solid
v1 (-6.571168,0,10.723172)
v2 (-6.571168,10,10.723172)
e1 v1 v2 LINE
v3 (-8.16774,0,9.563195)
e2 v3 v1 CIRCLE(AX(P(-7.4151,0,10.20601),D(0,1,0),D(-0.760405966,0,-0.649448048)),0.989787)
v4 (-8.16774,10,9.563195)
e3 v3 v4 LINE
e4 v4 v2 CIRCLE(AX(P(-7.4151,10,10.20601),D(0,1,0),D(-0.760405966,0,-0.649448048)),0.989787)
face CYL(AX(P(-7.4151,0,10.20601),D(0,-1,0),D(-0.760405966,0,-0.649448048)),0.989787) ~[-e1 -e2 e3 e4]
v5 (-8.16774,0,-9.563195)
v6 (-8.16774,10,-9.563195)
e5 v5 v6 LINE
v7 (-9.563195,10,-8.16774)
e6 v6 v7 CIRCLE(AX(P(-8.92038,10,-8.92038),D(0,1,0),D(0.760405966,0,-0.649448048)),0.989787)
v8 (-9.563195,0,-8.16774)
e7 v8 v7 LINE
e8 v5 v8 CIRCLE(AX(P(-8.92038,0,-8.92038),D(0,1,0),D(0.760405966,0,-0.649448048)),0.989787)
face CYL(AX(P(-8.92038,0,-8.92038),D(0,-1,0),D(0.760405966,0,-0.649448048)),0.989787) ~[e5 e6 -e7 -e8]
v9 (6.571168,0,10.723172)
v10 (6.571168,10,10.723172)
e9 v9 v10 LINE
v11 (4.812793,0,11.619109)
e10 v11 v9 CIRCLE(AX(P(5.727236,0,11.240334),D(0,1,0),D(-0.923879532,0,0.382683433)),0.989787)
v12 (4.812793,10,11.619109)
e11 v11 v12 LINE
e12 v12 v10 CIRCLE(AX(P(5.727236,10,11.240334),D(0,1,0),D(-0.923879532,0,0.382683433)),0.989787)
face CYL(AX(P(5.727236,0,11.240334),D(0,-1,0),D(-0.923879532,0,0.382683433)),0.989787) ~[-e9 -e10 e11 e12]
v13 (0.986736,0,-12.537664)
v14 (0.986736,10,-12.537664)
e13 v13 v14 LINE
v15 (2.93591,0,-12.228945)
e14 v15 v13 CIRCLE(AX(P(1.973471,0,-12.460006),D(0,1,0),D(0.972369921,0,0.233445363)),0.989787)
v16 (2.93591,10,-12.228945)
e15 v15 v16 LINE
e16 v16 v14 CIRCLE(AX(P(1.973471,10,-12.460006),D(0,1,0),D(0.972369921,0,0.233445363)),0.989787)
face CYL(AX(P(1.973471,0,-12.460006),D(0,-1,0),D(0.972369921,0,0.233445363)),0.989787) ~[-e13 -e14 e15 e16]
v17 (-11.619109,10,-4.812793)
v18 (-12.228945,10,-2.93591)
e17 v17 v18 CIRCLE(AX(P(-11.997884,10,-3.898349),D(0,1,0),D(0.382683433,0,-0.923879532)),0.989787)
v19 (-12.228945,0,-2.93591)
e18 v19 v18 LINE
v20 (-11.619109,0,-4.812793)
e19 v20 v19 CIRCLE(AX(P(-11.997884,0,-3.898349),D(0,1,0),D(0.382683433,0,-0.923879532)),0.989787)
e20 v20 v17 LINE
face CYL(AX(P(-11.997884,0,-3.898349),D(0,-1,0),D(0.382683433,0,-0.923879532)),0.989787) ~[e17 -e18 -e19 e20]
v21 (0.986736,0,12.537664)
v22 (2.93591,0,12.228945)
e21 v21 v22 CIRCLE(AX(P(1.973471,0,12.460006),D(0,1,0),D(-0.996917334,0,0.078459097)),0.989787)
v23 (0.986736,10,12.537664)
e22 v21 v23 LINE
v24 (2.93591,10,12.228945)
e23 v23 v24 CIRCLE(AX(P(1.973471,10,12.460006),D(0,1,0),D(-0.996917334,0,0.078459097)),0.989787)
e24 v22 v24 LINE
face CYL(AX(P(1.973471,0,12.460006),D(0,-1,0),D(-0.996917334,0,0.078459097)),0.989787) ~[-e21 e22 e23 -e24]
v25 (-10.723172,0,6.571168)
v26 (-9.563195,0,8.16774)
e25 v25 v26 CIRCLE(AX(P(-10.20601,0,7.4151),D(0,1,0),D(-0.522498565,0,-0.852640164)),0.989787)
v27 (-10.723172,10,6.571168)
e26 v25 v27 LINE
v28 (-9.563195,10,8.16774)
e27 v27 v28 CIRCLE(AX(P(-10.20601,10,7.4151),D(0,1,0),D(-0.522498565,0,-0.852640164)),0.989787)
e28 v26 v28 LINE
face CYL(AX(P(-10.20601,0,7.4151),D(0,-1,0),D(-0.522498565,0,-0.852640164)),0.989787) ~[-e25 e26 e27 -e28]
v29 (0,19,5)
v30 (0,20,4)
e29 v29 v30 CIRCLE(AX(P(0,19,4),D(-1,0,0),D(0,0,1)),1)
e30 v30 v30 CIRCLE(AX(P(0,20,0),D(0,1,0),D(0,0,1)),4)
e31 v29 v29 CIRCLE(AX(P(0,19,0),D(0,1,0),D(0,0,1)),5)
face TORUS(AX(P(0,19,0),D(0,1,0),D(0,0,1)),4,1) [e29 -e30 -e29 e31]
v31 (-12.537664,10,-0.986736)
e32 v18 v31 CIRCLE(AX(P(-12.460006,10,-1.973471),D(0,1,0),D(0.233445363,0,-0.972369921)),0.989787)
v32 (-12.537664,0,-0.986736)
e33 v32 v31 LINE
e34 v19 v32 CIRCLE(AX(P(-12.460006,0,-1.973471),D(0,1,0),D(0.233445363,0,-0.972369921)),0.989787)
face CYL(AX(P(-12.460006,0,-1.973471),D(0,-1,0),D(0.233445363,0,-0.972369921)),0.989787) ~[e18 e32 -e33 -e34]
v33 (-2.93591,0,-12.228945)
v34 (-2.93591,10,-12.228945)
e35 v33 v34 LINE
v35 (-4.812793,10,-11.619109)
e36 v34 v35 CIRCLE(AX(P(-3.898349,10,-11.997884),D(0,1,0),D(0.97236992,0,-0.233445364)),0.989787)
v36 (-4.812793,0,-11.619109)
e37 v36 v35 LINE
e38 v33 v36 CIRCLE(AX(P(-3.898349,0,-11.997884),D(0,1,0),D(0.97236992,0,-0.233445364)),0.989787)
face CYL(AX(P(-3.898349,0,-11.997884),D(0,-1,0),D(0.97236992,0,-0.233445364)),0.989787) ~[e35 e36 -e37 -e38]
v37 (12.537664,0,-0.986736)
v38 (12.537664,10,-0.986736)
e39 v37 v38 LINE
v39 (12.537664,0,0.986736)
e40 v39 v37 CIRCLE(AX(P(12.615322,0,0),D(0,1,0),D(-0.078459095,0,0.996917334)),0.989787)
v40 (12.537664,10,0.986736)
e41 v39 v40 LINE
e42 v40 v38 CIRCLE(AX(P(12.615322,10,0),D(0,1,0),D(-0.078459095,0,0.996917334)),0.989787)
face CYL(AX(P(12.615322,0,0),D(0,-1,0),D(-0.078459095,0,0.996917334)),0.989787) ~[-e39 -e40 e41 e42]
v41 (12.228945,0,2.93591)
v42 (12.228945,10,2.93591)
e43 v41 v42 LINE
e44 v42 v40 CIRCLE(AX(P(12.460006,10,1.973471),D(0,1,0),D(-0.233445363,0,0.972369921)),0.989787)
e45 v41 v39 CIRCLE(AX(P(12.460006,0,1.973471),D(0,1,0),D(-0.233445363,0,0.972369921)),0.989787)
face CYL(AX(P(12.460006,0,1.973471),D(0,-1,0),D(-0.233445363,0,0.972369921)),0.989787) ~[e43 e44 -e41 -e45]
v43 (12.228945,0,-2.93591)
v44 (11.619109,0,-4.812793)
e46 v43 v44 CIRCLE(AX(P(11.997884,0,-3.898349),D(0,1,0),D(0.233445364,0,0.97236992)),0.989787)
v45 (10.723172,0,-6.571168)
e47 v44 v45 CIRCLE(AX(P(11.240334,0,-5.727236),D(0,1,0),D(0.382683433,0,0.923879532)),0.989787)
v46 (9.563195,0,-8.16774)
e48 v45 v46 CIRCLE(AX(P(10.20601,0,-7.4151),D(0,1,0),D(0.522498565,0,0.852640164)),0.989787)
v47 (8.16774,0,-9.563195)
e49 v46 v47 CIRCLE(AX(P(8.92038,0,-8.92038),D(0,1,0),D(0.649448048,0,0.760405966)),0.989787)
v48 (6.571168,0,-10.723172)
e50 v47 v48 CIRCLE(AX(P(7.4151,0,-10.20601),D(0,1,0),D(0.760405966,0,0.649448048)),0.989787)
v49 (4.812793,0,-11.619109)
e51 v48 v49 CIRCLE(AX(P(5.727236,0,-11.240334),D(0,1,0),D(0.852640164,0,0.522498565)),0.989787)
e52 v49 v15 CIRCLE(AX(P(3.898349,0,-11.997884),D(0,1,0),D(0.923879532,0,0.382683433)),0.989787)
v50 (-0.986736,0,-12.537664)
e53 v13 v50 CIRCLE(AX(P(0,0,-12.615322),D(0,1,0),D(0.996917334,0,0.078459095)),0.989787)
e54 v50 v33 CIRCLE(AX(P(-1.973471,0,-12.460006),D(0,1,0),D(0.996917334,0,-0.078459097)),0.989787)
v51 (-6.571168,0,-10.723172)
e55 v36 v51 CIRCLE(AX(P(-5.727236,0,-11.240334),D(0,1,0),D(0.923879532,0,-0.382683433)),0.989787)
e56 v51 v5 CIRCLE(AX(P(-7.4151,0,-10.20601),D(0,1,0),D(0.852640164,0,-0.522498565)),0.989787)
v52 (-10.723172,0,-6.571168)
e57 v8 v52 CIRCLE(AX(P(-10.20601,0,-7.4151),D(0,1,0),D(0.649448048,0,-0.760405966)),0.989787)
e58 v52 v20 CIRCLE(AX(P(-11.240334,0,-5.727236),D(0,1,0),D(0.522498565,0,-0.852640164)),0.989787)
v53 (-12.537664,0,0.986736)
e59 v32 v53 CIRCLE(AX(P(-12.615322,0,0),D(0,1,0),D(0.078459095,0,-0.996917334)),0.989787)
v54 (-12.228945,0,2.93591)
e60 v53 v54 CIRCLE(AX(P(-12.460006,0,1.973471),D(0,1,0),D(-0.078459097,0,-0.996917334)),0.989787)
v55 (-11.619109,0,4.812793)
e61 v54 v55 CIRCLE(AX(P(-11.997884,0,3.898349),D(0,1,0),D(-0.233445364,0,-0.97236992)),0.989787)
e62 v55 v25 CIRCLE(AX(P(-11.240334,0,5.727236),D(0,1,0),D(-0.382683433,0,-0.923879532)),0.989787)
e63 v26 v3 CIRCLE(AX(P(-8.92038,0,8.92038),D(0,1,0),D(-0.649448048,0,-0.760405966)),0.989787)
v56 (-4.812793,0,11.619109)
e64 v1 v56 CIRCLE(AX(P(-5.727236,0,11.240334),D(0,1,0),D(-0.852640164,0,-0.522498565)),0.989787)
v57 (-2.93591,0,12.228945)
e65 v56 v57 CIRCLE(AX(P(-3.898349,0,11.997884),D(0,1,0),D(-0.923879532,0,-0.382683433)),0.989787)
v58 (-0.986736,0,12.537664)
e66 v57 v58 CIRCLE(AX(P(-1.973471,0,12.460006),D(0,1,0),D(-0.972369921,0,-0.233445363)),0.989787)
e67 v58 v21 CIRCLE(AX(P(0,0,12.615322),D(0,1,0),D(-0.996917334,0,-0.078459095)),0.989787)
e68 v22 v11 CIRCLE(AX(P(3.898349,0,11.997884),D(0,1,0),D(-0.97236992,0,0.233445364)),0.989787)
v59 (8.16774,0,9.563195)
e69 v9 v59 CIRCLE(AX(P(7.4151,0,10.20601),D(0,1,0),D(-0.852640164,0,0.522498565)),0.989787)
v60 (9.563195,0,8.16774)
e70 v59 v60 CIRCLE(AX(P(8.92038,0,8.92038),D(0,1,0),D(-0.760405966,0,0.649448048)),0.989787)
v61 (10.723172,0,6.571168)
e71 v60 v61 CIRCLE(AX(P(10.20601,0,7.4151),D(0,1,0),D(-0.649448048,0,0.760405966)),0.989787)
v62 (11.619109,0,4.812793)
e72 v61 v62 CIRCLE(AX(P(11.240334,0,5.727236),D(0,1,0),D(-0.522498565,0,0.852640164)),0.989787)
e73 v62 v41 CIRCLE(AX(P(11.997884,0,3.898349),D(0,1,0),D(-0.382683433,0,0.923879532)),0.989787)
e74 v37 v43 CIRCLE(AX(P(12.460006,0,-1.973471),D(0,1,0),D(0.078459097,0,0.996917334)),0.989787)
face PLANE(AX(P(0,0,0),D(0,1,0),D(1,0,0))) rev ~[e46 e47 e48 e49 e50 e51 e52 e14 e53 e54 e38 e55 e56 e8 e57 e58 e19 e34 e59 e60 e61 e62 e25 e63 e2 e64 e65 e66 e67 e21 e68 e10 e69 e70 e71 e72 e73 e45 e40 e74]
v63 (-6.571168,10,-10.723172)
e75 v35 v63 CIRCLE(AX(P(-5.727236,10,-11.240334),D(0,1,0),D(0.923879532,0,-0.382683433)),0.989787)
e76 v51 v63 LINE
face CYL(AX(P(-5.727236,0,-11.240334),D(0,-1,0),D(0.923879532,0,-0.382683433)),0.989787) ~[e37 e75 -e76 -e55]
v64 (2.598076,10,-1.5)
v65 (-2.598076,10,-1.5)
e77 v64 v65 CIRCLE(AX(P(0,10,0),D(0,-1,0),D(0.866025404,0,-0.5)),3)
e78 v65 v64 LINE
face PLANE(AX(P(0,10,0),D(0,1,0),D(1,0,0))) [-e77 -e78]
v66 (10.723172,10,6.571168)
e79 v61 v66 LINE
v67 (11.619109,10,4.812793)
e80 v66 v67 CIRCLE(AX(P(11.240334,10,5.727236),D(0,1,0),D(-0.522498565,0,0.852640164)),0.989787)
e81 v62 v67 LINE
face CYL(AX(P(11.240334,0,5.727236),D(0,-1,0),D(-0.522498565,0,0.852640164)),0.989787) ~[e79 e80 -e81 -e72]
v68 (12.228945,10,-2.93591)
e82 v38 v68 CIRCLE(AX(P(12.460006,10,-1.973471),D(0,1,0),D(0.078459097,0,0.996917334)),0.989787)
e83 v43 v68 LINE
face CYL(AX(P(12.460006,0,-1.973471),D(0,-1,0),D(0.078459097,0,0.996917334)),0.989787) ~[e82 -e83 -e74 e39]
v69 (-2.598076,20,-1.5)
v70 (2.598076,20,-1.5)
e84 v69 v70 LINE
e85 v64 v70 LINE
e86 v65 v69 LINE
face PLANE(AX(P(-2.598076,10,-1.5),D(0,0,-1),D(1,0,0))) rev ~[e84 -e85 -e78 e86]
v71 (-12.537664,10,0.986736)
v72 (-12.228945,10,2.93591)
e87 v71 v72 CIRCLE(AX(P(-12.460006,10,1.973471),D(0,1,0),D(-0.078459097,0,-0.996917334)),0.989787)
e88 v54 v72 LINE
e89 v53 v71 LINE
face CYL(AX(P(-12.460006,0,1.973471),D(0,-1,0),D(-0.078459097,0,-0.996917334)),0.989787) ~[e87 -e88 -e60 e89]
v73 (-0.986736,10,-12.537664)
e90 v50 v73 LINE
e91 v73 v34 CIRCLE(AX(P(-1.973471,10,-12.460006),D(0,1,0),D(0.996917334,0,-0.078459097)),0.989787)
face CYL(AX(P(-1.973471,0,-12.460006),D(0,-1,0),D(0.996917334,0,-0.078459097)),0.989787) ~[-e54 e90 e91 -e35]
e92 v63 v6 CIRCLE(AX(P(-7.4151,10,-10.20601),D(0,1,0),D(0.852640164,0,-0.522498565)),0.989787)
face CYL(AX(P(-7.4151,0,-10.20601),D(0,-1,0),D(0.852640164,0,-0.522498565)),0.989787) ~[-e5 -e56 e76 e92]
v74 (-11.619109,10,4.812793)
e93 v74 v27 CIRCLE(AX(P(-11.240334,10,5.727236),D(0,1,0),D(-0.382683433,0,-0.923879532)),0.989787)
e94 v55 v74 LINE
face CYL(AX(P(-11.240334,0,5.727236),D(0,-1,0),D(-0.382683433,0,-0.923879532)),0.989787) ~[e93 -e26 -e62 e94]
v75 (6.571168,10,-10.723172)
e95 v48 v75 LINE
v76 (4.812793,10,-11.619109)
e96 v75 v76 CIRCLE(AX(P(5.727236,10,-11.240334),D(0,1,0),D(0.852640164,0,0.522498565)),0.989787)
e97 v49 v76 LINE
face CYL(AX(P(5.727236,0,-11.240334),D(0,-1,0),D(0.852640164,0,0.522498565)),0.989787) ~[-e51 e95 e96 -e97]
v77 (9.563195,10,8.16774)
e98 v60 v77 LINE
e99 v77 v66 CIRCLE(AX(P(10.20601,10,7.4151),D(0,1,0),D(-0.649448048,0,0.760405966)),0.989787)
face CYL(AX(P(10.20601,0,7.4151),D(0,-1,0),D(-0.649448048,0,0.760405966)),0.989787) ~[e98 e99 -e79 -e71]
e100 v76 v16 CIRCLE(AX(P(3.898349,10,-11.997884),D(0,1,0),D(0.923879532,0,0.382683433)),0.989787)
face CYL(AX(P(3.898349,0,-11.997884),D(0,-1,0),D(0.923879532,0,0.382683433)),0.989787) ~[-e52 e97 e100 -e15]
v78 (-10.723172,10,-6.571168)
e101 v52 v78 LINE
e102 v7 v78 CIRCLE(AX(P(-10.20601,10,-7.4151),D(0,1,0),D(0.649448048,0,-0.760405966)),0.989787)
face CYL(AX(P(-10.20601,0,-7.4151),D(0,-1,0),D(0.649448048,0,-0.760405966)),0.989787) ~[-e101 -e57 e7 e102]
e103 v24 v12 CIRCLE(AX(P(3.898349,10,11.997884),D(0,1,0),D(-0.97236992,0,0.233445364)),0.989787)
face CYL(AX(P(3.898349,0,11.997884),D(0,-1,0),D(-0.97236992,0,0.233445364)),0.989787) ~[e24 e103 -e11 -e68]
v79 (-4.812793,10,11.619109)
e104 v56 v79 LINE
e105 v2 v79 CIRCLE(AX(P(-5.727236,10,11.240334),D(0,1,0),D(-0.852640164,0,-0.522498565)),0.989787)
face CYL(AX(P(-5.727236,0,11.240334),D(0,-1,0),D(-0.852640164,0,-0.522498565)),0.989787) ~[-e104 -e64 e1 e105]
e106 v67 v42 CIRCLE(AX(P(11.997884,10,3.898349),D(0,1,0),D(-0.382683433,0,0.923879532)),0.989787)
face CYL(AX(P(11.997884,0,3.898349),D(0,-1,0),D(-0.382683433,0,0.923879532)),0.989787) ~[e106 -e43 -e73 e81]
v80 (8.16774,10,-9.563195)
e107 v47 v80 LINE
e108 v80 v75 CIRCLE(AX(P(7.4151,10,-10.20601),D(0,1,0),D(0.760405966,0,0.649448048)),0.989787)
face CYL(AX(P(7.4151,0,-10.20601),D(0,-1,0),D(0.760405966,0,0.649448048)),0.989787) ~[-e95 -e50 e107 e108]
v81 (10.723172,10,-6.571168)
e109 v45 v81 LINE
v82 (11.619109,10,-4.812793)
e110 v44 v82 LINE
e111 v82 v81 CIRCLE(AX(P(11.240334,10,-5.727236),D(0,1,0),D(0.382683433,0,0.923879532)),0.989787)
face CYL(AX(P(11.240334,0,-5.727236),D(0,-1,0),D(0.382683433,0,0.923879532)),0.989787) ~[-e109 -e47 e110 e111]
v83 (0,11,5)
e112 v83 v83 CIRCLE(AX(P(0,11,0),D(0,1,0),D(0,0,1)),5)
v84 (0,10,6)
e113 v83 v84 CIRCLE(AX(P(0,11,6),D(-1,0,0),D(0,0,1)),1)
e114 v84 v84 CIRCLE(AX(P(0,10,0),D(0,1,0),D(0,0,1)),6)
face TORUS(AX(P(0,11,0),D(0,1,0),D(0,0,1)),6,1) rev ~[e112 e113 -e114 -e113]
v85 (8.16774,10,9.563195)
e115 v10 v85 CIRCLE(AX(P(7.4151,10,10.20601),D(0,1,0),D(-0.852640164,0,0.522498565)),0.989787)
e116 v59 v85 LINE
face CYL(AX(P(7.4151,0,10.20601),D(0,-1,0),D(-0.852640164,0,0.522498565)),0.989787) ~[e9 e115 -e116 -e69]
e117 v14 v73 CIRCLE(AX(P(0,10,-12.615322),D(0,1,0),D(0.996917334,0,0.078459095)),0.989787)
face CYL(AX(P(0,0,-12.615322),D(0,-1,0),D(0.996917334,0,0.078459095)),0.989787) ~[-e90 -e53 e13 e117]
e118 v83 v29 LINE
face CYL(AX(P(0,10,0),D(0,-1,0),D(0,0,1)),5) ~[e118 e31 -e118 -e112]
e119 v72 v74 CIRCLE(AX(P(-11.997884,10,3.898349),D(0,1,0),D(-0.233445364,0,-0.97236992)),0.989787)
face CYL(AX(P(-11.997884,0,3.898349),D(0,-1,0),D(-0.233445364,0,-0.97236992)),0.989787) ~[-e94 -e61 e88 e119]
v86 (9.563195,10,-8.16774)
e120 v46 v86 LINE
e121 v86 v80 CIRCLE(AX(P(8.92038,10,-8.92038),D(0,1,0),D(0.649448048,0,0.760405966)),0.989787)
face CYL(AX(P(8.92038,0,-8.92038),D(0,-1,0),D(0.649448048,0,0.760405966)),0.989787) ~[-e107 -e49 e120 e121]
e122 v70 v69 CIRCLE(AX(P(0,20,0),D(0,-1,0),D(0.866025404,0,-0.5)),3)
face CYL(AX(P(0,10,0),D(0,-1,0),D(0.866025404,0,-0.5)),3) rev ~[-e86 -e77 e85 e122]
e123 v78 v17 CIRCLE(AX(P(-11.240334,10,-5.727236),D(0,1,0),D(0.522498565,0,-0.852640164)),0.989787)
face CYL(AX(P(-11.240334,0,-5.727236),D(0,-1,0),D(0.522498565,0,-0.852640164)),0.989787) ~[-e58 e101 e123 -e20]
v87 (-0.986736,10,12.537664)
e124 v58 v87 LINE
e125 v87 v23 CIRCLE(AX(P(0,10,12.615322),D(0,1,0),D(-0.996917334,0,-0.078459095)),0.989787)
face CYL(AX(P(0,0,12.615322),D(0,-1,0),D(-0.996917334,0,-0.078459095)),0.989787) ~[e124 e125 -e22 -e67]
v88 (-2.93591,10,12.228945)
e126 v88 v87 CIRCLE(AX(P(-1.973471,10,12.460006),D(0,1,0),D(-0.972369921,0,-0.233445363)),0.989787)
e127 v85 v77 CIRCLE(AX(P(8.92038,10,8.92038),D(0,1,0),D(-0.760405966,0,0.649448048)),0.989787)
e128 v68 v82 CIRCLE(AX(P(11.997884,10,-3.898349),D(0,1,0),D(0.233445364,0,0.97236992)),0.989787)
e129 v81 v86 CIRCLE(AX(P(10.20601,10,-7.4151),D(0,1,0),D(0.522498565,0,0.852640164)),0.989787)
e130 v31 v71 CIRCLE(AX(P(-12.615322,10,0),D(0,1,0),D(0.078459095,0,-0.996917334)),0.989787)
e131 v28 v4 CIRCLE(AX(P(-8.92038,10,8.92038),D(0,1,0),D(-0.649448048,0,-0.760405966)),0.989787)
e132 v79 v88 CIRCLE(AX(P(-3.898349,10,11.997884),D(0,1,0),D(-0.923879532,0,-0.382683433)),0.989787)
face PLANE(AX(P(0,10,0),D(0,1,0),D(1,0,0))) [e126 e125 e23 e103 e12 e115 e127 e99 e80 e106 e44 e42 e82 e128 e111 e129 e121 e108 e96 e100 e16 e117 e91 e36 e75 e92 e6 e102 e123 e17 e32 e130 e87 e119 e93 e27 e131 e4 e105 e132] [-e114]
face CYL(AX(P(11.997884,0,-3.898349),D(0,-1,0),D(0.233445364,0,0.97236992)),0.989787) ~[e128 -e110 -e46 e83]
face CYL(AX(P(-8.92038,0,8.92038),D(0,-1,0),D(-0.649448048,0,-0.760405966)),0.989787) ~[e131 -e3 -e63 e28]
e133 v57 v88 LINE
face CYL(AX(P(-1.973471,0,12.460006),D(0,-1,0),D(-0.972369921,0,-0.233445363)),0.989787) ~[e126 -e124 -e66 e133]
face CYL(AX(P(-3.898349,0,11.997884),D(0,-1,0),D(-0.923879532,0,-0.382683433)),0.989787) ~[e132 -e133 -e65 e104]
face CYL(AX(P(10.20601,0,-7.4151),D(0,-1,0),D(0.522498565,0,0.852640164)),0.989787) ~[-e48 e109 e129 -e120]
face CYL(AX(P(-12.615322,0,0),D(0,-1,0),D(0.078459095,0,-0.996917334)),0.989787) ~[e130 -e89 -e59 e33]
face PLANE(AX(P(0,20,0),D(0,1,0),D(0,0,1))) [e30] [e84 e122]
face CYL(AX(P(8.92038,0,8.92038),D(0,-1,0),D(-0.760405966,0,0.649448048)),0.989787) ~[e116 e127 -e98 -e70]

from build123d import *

# Parameters (mm, degrees)
BOSS_EXTRUDE2_DEPTH = 10
SKETCH2_R           = 5
BOSS_EXTRUDE3_DEPTH = 10
FILLET5_R           = 1
FILLET7_R           = 1


with BuildPart() as part:
    # Sketch1 → Boss-Extrude2 (new body)
    with BuildSketch(Plane(origin=(0, 0, 0), x_dir=(1, 0, 0), z_dir=(0, 1, 0))):
        with BuildLine():
            ThreePointArc((0.986735573, 12.537664208), (0, 13.605108736), (-0.986735573, 12.537664208))
            ThreePointArc((-0.986735573, 12.537664208), (-2.128307907, 13.437607271), (-2.935910014, 12.228945305))
            ThreePointArc((-2.935910014, 12.228945305), (-4.20420981, 12.939227319), (-4.812792606, 11.619109183))
            ThreePointArc((-4.812792606, 11.619109183), (-6.176590114, 12.122240646), (-6.571168272, 10.723172031))
            ThreePointArc((-6.571168272, 10.723172031), (-7.996882271, 11.006764178), (-8.167739967, 9.563194796))
            ThreePointArc((-8.167739967, 9.563194796), (-9.620264646, 9.620264646), (-9.563194796, 8.167739967))
            ThreePointArc((-9.563194796, 8.167739967), (-11.006764178, 7.996882271), (-10.723172031, 6.571168272))
            ThreePointArc((-10.723172031, 6.571168272), (-12.122240646, 6.176590114), (-11.619109183, 4.812792606))
            ThreePointArc((-11.619109183, 4.812792606), (-12.939227319, 4.20420981), (-12.228945305, 2.935910014))
            ThreePointArc((-12.228945305, 2.935910014), (-13.437607271, 2.128307907), (-12.537664208, 0.986735573))
            ThreePointArc((-12.537664208, 0.986735573), (-13.605108736, 0), (-12.537664208, -0.986735573))
            ThreePointArc((-12.537664208, -0.986735573), (-13.437607271, -2.128307907), (-12.228945305, -2.935910014))
            ThreePointArc((-12.228945305, -2.935910014), (-12.939227319, -4.20420981), (-11.619109183, -4.812792606))
            ThreePointArc((-11.619109183, -4.812792606), (-12.122240646, -6.176590114), (-10.723172031, -6.571168272))
            ThreePointArc((-10.723172031, -6.571168272), (-11.006764178, -7.996882271), (-9.563194796, -8.167739967))
            ThreePointArc((-9.563194796, -8.167739967), (-9.620264646, -9.620264646), (-8.167739967, -9.563194796))
            ThreePointArc((-8.167739967, -9.563194796), (-7.996882271, -11.006764178), (-6.571168272, -10.723172031))
            ThreePointArc((-6.571168272, -10.723172031), (-6.176590114, -12.122240646), (-4.812792606, -11.619109183))
            ThreePointArc((-4.812792606, -11.619109183), (-4.20420981, -12.939227319), (-2.935910014, -12.228945305))
            ThreePointArc((-2.935910014, -12.228945305), (-2.128307907, -13.437607271), (-0.986735573, -12.537664208))
            ThreePointArc((-0.986735573, -12.537664208), (0, -13.605108736), (0.986735573, -12.537664208))
            ThreePointArc((0.986735573, -12.537664208), (2.128307907, -13.437607271), (2.935910014, -12.228945305))
            ThreePointArc((2.935910014, -12.228945305), (4.20420981, -12.939227319), (4.812792606, -11.619109183))
            ThreePointArc((4.812792606, -11.619109183), (6.176590114, -12.122240646), (6.571168272, -10.723172031))
            ThreePointArc((6.571168272, -10.723172031), (7.996882271, -11.006764178), (8.167739967, -9.563194796))
            ThreePointArc((8.167739967, -9.563194796), (9.620264646, -9.620264646), (9.563194796, -8.167739967))
            ThreePointArc((9.563194796, -8.167739967), (11.006764178, -7.996882271), (10.723172031, -6.571168272))
            ThreePointArc((10.723172031, -6.571168272), (12.122240646, -6.176590114), (11.619109183, -4.812792606))
            ThreePointArc((11.619109183, -4.812792606), (12.939227319, -4.20420981), (12.228945305, -2.935910014))
            ThreePointArc((12.228945305, -2.935910014), (13.437607271, -2.128307907), (12.537664208, -0.986735573))
            ThreePointArc((12.537664208, -0.986735573), (13.605108736, 0), (12.537664208, 0.986735573))
            ThreePointArc((12.537664208, 0.986735573), (13.437607271, 2.128307907), (12.228945305, 2.935910014))
            ThreePointArc((12.228945305, 2.935910014), (12.939227319, 4.20420981), (11.619109183, 4.812792606))
            ThreePointArc((11.619109183, 4.812792606), (12.122240646, 6.176590114), (10.723172031, 6.571168272))
            ThreePointArc((10.723172031, 6.571168272), (11.006764178, 7.996882271), (9.563194796, 8.167739967))
            ThreePointArc((9.563194796, 8.167739967), (9.620264646, 9.620264646), (8.167739967, 9.563194796))
            ThreePointArc((8.167739967, 9.563194796), (7.996882271, 11.006764178), (6.571168272, 10.723172031))
            ThreePointArc((6.571168272, 10.723172031), (6.176590114, 12.122240646), (4.812792606, 11.619109183))
            ThreePointArc((4.812792606, 11.619109183), (4.20420981, 12.939227319), (2.935910014, 12.228945305))
            ThreePointArc((2.935910014, 12.228945305), (2.128307907, 13.437607271), (0.986735573, 12.537664208))
        make_face()
    extrude(amount=BOSS_EXTRUDE2_DEPTH)

    # Sketch2 → Boss-Extrude3 (add)
    with BuildSketch(Plane(origin=(0, 10, 0), x_dir=(1, 0, 0), z_dir=(0, 1, 0))):
        with Locations(Location((0, 0, 0), (0, 0, 270))):
            Circle(SKETCH2_R)
        with BuildLine():
            Line((-2.598076211, 1.5), (2.598076211, 1.5))
            ThreePointArc((2.598076211, 1.5), (0, -3), (-2.598076211, 1.5))
        make_face(mode=Mode.SUBTRACT)
    extrude(amount=BOSS_EXTRUDE3_DEPTH)

    # Fillet5
    fillet5_edges = [part.edges().sort_by_distance(p)[0] for p in [
        (0, 20, -5),
    ]]
    fillet(fillet5_edges, radius=FILLET5_R)

    # Fillet7
    fillet7_edges = [part.edges().sort_by_distance(p)[0] for p in [
        (0, 10, -5),
    ]]
    fillet(fillet7_edges, radius=FILLET7_R)


solid = part.part
